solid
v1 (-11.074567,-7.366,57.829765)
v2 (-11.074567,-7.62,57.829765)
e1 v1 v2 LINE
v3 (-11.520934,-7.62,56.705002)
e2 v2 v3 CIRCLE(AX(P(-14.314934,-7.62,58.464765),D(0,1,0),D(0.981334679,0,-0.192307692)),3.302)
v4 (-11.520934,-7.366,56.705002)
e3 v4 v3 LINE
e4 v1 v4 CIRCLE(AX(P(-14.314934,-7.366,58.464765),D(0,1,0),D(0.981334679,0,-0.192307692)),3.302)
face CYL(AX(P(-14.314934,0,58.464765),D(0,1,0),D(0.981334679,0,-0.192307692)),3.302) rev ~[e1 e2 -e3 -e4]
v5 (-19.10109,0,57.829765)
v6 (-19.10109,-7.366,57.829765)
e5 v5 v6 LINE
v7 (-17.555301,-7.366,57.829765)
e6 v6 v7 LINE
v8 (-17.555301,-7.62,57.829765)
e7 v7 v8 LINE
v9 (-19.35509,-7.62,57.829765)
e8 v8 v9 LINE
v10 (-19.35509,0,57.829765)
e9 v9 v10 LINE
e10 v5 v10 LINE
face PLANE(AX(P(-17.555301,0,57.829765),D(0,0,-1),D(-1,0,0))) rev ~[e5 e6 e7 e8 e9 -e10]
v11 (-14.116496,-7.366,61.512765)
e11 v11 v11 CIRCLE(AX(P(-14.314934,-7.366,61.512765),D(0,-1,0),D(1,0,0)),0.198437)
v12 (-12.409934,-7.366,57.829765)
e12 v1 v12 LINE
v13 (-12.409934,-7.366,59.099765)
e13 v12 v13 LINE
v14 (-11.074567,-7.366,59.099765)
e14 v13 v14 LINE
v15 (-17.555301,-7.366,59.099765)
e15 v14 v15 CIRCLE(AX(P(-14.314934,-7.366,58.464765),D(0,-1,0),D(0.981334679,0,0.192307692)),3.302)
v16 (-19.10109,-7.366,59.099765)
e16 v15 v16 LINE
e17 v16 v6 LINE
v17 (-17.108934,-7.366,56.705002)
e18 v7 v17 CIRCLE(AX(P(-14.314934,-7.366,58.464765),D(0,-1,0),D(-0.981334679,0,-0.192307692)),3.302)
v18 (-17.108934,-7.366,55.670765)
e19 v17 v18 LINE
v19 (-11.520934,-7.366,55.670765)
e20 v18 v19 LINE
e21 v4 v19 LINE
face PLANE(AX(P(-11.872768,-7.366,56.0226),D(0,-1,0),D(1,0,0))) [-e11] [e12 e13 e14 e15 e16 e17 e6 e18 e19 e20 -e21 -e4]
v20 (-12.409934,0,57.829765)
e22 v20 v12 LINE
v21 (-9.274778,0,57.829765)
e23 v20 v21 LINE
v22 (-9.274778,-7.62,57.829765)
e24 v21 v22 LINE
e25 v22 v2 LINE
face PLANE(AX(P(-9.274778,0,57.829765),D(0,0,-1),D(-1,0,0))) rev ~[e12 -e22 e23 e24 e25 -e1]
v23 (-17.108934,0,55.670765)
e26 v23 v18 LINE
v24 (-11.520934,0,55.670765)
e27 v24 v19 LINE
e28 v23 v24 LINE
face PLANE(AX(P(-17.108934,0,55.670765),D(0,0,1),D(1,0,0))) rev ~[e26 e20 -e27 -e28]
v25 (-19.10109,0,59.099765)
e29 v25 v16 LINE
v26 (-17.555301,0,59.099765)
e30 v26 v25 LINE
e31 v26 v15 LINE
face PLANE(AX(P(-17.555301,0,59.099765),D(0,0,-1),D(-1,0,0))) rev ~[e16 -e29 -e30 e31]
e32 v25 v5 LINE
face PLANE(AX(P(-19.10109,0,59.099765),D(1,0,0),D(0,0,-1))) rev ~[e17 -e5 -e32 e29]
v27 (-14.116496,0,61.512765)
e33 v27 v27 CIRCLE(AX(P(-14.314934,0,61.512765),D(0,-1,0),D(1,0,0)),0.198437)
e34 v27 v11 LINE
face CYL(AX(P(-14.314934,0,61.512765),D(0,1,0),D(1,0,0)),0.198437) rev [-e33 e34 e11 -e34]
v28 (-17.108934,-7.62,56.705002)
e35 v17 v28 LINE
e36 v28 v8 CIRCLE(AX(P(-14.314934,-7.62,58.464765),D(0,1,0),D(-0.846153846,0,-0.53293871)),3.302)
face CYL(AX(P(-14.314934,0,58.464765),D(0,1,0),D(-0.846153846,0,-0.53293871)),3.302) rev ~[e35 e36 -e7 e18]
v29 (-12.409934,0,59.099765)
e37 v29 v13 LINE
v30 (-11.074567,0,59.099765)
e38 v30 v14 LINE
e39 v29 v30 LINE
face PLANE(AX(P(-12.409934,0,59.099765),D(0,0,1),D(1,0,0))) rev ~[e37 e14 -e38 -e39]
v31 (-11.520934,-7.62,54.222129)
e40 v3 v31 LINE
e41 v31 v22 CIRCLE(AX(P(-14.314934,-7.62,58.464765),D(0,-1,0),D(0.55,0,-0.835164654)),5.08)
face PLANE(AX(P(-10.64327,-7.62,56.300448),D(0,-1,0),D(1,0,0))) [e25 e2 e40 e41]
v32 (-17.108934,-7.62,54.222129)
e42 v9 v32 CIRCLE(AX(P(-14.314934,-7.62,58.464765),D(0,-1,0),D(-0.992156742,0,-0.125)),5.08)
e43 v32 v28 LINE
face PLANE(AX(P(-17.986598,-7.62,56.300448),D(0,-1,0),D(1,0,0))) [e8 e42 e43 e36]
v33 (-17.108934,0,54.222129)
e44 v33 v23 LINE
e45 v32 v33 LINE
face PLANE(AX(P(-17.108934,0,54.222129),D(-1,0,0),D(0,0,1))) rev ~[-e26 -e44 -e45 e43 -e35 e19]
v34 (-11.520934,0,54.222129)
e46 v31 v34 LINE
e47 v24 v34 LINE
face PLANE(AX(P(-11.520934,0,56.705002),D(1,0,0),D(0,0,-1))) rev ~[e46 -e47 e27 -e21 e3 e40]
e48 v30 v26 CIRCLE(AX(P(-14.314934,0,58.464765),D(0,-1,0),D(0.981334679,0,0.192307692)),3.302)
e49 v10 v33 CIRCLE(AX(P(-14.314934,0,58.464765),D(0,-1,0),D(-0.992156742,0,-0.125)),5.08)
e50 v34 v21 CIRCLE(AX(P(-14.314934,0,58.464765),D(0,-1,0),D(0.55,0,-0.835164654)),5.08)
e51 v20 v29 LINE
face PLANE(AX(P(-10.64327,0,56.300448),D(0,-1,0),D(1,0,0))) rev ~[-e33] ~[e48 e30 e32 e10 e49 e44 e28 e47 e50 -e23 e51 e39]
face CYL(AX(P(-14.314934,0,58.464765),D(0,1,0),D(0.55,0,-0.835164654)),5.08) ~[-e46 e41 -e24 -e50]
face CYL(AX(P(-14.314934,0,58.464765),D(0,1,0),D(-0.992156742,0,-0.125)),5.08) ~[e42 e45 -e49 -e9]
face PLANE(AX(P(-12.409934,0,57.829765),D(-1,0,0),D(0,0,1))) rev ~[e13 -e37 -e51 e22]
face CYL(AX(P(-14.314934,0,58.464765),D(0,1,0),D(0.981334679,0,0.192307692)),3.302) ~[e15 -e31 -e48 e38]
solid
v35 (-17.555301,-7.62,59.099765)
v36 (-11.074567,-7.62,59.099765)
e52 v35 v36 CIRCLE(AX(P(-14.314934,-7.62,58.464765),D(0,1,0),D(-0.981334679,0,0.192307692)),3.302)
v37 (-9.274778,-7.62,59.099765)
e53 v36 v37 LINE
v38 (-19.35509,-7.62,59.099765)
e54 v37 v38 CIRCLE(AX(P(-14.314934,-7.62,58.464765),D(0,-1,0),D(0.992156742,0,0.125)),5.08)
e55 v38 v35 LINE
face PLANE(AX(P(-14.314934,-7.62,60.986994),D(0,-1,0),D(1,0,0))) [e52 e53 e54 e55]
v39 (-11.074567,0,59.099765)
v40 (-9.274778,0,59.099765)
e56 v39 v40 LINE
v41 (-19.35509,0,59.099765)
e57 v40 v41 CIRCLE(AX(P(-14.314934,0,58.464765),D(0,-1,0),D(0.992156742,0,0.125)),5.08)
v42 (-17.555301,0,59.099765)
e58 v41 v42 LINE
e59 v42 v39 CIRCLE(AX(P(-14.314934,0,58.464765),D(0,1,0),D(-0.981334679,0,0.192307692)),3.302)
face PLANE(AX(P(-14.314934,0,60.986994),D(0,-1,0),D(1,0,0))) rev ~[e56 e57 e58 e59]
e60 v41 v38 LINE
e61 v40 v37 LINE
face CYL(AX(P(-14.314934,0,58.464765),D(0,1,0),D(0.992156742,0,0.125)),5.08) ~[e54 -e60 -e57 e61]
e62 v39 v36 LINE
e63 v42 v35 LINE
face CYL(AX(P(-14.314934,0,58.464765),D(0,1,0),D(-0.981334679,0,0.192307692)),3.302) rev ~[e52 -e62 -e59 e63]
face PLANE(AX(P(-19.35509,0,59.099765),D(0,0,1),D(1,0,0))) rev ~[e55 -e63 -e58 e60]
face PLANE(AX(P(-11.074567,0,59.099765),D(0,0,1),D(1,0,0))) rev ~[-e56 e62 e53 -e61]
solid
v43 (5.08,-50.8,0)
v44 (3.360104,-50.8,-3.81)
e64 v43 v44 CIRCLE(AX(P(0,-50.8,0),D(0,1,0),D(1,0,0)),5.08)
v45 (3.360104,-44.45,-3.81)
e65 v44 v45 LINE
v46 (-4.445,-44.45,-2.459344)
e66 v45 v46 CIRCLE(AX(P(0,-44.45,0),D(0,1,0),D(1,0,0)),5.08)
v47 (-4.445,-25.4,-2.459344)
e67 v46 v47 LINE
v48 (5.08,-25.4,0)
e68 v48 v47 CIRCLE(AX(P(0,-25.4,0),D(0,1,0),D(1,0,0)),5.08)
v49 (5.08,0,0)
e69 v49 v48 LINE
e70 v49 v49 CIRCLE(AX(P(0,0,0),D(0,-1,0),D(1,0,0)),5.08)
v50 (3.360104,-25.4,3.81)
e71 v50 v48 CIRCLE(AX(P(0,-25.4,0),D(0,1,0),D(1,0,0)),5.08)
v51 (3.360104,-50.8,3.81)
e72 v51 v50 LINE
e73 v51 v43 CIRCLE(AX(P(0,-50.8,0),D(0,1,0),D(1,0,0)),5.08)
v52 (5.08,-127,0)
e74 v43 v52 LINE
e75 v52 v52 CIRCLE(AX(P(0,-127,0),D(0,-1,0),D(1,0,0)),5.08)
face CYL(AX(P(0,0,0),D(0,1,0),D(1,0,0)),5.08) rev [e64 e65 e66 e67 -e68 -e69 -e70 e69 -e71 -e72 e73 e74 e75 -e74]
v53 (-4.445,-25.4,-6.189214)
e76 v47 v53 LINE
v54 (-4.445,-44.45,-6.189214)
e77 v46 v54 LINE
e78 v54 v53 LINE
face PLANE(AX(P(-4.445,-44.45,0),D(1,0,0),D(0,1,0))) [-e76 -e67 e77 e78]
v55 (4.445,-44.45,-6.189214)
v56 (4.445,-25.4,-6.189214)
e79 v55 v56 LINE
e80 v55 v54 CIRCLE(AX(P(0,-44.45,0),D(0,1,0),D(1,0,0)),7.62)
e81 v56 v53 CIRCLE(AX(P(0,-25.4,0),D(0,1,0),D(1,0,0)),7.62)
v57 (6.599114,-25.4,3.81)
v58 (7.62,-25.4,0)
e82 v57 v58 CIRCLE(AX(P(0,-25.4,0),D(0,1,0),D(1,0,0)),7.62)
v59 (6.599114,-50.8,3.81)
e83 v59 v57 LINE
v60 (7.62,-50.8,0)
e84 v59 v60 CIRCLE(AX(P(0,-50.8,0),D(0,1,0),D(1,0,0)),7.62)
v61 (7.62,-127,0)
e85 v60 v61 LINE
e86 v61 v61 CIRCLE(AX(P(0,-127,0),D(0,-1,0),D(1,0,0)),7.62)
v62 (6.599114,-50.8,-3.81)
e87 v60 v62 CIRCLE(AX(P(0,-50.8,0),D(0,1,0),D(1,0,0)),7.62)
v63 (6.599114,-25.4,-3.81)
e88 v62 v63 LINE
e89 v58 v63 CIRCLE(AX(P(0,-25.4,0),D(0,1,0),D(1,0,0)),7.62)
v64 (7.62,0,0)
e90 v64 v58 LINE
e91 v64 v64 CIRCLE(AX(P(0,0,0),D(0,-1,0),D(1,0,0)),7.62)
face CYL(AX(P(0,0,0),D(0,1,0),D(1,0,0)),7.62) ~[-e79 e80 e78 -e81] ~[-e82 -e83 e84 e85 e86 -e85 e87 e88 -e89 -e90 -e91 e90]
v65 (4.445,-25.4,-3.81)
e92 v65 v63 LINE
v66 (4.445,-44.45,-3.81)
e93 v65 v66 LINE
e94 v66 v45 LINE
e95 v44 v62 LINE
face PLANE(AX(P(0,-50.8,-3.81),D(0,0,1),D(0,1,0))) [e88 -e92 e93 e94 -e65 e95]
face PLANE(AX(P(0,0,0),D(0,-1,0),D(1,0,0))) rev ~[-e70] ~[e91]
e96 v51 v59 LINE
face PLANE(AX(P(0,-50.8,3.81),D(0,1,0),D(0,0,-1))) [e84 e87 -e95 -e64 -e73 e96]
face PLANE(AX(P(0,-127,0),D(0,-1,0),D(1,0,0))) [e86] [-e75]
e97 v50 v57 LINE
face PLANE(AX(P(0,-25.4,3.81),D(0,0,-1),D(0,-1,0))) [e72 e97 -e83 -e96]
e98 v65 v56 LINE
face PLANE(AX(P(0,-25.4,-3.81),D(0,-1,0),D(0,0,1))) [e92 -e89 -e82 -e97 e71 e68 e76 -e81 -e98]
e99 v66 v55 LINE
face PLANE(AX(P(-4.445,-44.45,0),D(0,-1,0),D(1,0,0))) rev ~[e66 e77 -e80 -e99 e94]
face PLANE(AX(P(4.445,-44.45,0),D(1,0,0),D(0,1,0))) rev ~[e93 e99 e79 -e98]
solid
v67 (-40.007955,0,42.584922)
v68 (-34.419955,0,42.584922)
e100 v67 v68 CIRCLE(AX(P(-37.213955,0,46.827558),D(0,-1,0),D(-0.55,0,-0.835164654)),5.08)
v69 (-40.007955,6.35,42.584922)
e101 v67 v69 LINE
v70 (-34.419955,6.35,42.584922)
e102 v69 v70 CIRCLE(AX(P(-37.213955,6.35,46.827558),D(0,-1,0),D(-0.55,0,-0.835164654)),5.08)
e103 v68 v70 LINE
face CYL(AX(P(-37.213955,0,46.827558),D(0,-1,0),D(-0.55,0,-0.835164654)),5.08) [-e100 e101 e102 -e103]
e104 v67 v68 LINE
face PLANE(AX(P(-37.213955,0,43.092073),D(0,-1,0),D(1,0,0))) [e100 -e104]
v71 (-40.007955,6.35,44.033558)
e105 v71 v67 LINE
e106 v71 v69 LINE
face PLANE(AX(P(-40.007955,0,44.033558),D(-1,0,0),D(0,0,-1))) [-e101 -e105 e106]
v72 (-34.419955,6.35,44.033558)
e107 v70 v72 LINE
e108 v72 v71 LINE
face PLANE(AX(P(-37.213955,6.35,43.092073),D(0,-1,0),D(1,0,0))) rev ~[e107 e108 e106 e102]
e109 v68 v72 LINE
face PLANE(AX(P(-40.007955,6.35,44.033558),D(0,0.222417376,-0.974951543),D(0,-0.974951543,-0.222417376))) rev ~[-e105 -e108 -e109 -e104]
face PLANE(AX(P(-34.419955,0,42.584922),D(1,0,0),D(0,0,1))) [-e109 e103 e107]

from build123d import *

# Parameters (mm, degrees)
F0_R      = 7.62
F0_R_2    = 5.08
F1_DEPTH  = 127
F2_W      = 8.89
F2_H      = 19.05
F3_DEPTH  = 25.4
F5_DEPTH  = 25.4
F6_DEPTH  = 6.35
F8_DEPTH  = 25.4
F9_DEPTH  = 7.62
F0_R_3    = 0.1984375
F10_DEPTH = 7.366


with BuildPart() as f1:
    # F0 (on Front) → F1 (new body)
    with BuildSketch(Plane.XZ):
        Circle(F0_R)
        Circle(F0_R_2, mode=Mode.SUBTRACT)
    extrude(amount=F1_DEPTH)

    # F2 (on Top) → F3 (cut)
    with BuildSketch(Plane.XY):
        with Locations((0, -34.925)):
            Rectangle(F2_W, F2_H)
    extrude(amount=-F3_DEPTH, mode=Mode.SUBTRACT)

    # F4 (on Right) → F5 (cut)
    with BuildSketch(Plane.YZ):
        Polygon((-25.4, -3.81), (-25.4, 0), (-25.4, 3.81), (-50.8, 3.81), (-50.8, 0), (-50.8, -3.81), align=None)
    extrude(amount=F5_DEPTH, mode=Mode.SUBTRACT)


with BuildPart() as f6:
    # F0 (on Front) → F6 (new body)
    with BuildSketch(Plane.XZ):
        with BuildLine():
            Line((-40.0079550745, 44.033558428), (-40.0079550745, 42.5849219836))
            ThreePointArc((-40.0079550745, 42.5849219836), (-37.2139550745, 41.747558428), (-34.4199550745, 42.5849219836))
            Line((-34.4199550745, 42.5849219836), (-34.4199550745, 44.033558428))
            Line((-34.4199550745, 44.033558428), (-37.2139550745, 44.033558428))
            Line((-37.2139550745, 44.033558428), (-40.0079550745, 44.033558428))
        make_face()
    extrude(amount=-F6_DEPTH)

    # F7 (on face) → F8 (cut)
    with BuildSketch(Plane(origin=(-40.0079550745, 0, 0), x_dir=(0, -1, 0), z_dir=(-1, 0, 0))):
        Polygon((0, 44.033558428), (-6.35, 44.033558428), (0, 42.5849219836), align=None)
    extrude(amount=-F8_DEPTH, mode=Mode.SUBTRACT)


with BuildPart() as f9:
    # F0 (on Front) → F9 (new body)
    with BuildSketch(Plane.XZ):
        with BuildLine():
            Line((-19.1010901349, 57.8297653733), (-19.3550901349, 57.8297653733))
            ThreePointArc((-19.3550901349, 57.8297653733), (-18.627388085, 55.7797814267), (-17.1089338874, 54.2221289288))
            Line((-17.1089338874, 54.2221289288), (-17.1089338874, 55.6707653733))
            Line((-17.1089338874, 55.6707653733), (-17.1089338874, 56.7050017528))
            ThreePointArc((-17.1089338874, 56.7050017528), (-17.3840819616, 57.2467612278), (-17.5553009962, 57.8297653733))
            Line((-17.5553009962, 57.8297653733), (-19.1010901349, 57.8297653733))
        make_face()
    extrude(amount=F9_DEPTH)



with BuildPart() as f9b:
    # F0 (on Front) → F9, piece 2 (new body)
    with BuildSketch(Plane.XZ):
        with BuildLine():
            ThreePointArc((-11.5209338874, 54.2221289288), (-10.0024796897, 55.7797814267), (-9.2747776398, 57.8297653733))
            Line((-9.2747776398, 57.8297653733), (-11.0745667785, 57.8297653733))
            ThreePointArc((-11.0745667785, 57.8297653733), (-11.2457858131, 57.2467612278), (-11.5209338874, 56.7050017528))
            Line((-11.5209338874, 56.7050017528), (-11.5209338874, 55.6707653733))
            Line((-11.5209338874, 55.6707653733), (-11.5209338874, 54.2221289288))
        make_face()
    extrude(amount=F9_DEPTH)


with BuildPart() as f9c:
    # F0 (on Front) → F9, piece 3 (new body)
    with BuildSketch(Plane.XZ):
        with BuildLine():
            Line((-11.0745667785, 59.0997653733), (-9.2747776398, 59.0997653733))
            ThreePointArc((-9.2747776398, 59.0997653733), (-14.3149338874, 63.5447653733), (-19.3550901349, 59.0997653733))
            Line((-19.3550901349, 59.0997653733), (-19.1010901349, 59.0997653733))
            Line((-19.1010901349, 59.0997653733), (-17.5553009962, 59.0997653733))
            ThreePointArc((-17.5553009962, 59.0997653733), (-14.3149338874, 61.7667653733), (-11.0745667785, 59.0997653733))
        make_face()
    extrude(amount=F9_DEPTH)


with BuildPart() as f9_1:
    add(f9.part)

    add(f9b.part)  # F10 merges F9b
    # F0 (on Front) + F9_face (on face) → F10 (join)
    with BuildSketch(Plane.XZ):
        with BuildLine():
            Line((-12.5551702669, 55.6707653733), (-11.5209338874, 55.6707653733))
            Line((-11.5209338874, 55.6707653733), (-11.5209338874, 56.7050017528))
            ThreePointArc((-11.5209338874, 56.7050017528), (-11.9800672959, 56.1298987818), (-12.5551702669, 55.6707653733))
        make_face()
        with BuildLine():
            Line((-17.1089338874, 56.7050017528), (-17.1089338874, 55.6707653733))
            Line((-17.1089338874, 55.6707653733), (-16.0746975079, 55.6707653733))
            ThreePointArc((-16.0746975079, 55.6707653733), (-16.6498004788, 56.1298987818), (-17.1089338874, 56.7050017528))
        make_face()
        with BuildLine():
            Line((-17.1089338874, 58.4647653733), (-17.1089338874, 57.8297653733))
            Line((-17.1089338874, 57.8297653733), (-17.0358181186, 57.8297653733))
            ThreePointArc((-17.0358181186, 57.8297653733), (-17.0905947584, 58.1451676122), (-17.1089338874, 58.4647653733))
        make_face()
        with BuildLine():
            ThreePointArc((-11.5209338874, 54.2221289288), (-10.0024796897, 55.7797814267), (-9.2747776398, 57.8297653733))
            Line((-9.2747776398, 57.8297653733), (-11.0745667785, 57.8297653733))
            ThreePointArc((-11.0745667785, 57.8297653733), (-11.2457858131, 57.2467612278), (-11.5209338874, 56.7050017528))
            Line((-11.5209338874, 56.7050017528), (-11.5209338874, 55.6707653733))
            Line((-11.5209338874, 55.6707653733), (-11.5209338874, 54.2221289288))
        make_face()
        with BuildLine():
            ThreePointArc((-12.5551702669, 55.6707653733), (-11.9800672959, 56.1298987818), (-11.5209338874, 56.7050017528))
            Line((-11.5209338874, 56.7050017528), (-11.5209338874, 57.8297653733))
            Line((-11.5209338874, 57.8297653733), (-11.5940496561, 57.8297653733))
            ThreePointArc((-11.5940496561, 57.8297653733), (-12.5782350073, 56.276087005), (-14.3149338874, 55.6707653733))
            Line((-14.3149338874, 55.6707653733), (-12.5551702669, 55.6707653733))
        make_face()
        with BuildLine():
            Line((-12.4099338874, 59.0997653733), (-11.5940496561, 59.0997653733))
            ThreePointArc((-11.5940496561, 59.0997653733), (-14.3149338874, 61.2587653733), (-17.0358181186, 59.0997653733))
            Line((-17.0358181186, 59.0997653733), (-16.2199338874, 59.0997653733))
            Line((-16.2199338874, 59.0997653733), (-16.2199338874, 58.4647653733))
            Line((-16.2199338874, 58.4647653733), (-16.2199338874, 57.8297653733))
            Line((-16.2199338874, 57.8297653733), (-17.0358181186, 57.8297653733))
            ThreePointArc((-17.0358181186, 57.8297653733), (-16.0516327674, 56.276087005), (-14.3149338874, 55.6707653733))
            ThreePointArc((-14.3149338874, 55.6707653733), (-12.5782350073, 56.276087005), (-11.5940496561, 57.8297653733))
            Line((-11.5940496561, 57.8297653733), (-12.4099338874, 57.8297653733))
            Line((-12.4099338874, 57.8297653733), (-12.4099338874, 58.4647653733))
            Line((-12.4099338874, 58.4647653733), (-12.4099338874, 59.0997653733))
        make_face()
        with BuildLine():
            ThreePointArc((-11.5209338874, 56.7050017528), (-11.2457858131, 57.2467612278), (-11.0745667785, 57.8297653733))
            Line((-11.0745667785, 57.8297653733), (-11.5209338874, 57.8297653733))
            Line((-11.5209338874, 57.8297653733), (-11.5209338874, 56.7050017528))
        make_face()
        with BuildLine():
            Line((-17.0358181186, 59.0997653733), (-17.5553009962, 59.0997653733))
            ThreePointArc((-17.5553009962, 59.0997653733), (-17.6169338874, 58.4647653733), (-17.5553009962, 57.8297653733))
            Line((-17.5553009962, 57.8297653733), (-17.1089338874, 57.8297653733))
            Line((-17.1089338874, 57.8297653733), (-17.1089338874, 58.4647653733))
            ThreePointArc((-17.1089338874, 58.4647653733), (-17.0905947584, 58.7843631344), (-17.0358181186, 59.0997653733))
        make_face()
        with BuildLine():
            Line((-16.2199338874, 59.0997653733), (-17.0358181186, 59.0997653733))
            ThreePointArc((-17.0358181186, 59.0997653733), (-17.0905947584, 58.7843631344), (-17.1089338874, 58.4647653733))
            ThreePointArc((-17.1089338874, 58.4647653733), (-17.0905947584, 58.1451676122), (-17.0358181186, 57.8297653733))
            Line((-17.0358181186, 57.8297653733), (-16.2199338874, 57.8297653733))
            Line((-16.2199338874, 57.8297653733), (-16.2199338874, 58.4647653733))
            Line((-16.2199338874, 58.4647653733), (-16.2199338874, 59.0997653733))
        make_face()
        with BuildLine():
            Line((-11.5940496561, 59.0997653733), (-11.0745667785, 59.0997653733))
            ThreePointArc((-11.0745667785, 59.0997653733), (-14.3149338874, 61.7667653733), (-17.5553009962, 59.0997653733))
            Line((-17.5553009962, 59.0997653733), (-17.0358181186, 59.0997653733))
            ThreePointArc((-17.0358181186, 59.0997653733), (-14.3149338874, 61.2587653733), (-11.5940496561, 59.0997653733))
        make_face()
        with Locations((-14.3149338874, 61.5127653733)):
            Circle(F0_R_3, mode=Mode.SUBTRACT)
        with BuildLine():
            Line((-17.1089338874, 57.8297653733), (-17.1089338874, 56.7050017528))
            ThreePointArc((-17.1089338874, 56.7050017528), (-16.6498004788, 56.1298987818), (-16.0746975079, 55.6707653733))
            Line((-16.0746975079, 55.6707653733), (-14.3149338874, 55.6707653733))
            ThreePointArc((-14.3149338874, 55.6707653733), (-16.0516327674, 56.276087005), (-17.0358181186, 57.8297653733))
            Line((-17.0358181186, 57.8297653733), (-17.1089338874, 57.8297653733))
        make_face()
        with BuildLine():
            Line((-17.1089338874, 57.8297653733), (-17.5553009962, 57.8297653733))
            ThreePointArc((-17.5553009962, 57.8297653733), (-17.3840819616, 57.2467612278), (-17.1089338874, 56.7050017528))
            Line((-17.1089338874, 56.7050017528), (-17.1089338874, 57.8297653733))
        make_face()
        with BuildLine():
            Line((-17.5553009962, 59.0997653733), (-19.1010901349, 59.0997653733))
            Line((-19.1010901349, 59.0997653733), (-19.1010901349, 57.8297653733))
            Line((-19.1010901349, 57.8297653733), (-17.5553009962, 57.8297653733))
            ThreePointArc((-17.5553009962, 57.8297653733), (-17.6169338874, 58.4647653733), (-17.5553009962, 59.0997653733))
        make_face()
    with BuildSketch(Plane(origin=(-18.0313352831, 0, 56.397449036), x_dir=(1, 0, 0), z_dir=(0, 1, 0))):
        with BuildLine():
            ThreePointArc((0.4760342869, -1.4323163373), (0.6472533215, -0.8493121918), (0.9224013958, -0.3075527168))
            Line((0.9224013958, -0.3075527168), (0.9224013958, 2.1753201072))
            ThreePointArc((0.9224013958, 2.1753201072), (-0.5960528019, 0.6176676093), (-1.3237548518, -1.4323163373))
            Line((-1.3237548518, -1.4323163373), (0.4760342869, -1.4323163373))
        make_face()
    extrude(amount=F10_DEPTH, dir=(0, -1, 0))


solid = Compound([f1.part, f6.part, f9c.part, f9_1.part])
